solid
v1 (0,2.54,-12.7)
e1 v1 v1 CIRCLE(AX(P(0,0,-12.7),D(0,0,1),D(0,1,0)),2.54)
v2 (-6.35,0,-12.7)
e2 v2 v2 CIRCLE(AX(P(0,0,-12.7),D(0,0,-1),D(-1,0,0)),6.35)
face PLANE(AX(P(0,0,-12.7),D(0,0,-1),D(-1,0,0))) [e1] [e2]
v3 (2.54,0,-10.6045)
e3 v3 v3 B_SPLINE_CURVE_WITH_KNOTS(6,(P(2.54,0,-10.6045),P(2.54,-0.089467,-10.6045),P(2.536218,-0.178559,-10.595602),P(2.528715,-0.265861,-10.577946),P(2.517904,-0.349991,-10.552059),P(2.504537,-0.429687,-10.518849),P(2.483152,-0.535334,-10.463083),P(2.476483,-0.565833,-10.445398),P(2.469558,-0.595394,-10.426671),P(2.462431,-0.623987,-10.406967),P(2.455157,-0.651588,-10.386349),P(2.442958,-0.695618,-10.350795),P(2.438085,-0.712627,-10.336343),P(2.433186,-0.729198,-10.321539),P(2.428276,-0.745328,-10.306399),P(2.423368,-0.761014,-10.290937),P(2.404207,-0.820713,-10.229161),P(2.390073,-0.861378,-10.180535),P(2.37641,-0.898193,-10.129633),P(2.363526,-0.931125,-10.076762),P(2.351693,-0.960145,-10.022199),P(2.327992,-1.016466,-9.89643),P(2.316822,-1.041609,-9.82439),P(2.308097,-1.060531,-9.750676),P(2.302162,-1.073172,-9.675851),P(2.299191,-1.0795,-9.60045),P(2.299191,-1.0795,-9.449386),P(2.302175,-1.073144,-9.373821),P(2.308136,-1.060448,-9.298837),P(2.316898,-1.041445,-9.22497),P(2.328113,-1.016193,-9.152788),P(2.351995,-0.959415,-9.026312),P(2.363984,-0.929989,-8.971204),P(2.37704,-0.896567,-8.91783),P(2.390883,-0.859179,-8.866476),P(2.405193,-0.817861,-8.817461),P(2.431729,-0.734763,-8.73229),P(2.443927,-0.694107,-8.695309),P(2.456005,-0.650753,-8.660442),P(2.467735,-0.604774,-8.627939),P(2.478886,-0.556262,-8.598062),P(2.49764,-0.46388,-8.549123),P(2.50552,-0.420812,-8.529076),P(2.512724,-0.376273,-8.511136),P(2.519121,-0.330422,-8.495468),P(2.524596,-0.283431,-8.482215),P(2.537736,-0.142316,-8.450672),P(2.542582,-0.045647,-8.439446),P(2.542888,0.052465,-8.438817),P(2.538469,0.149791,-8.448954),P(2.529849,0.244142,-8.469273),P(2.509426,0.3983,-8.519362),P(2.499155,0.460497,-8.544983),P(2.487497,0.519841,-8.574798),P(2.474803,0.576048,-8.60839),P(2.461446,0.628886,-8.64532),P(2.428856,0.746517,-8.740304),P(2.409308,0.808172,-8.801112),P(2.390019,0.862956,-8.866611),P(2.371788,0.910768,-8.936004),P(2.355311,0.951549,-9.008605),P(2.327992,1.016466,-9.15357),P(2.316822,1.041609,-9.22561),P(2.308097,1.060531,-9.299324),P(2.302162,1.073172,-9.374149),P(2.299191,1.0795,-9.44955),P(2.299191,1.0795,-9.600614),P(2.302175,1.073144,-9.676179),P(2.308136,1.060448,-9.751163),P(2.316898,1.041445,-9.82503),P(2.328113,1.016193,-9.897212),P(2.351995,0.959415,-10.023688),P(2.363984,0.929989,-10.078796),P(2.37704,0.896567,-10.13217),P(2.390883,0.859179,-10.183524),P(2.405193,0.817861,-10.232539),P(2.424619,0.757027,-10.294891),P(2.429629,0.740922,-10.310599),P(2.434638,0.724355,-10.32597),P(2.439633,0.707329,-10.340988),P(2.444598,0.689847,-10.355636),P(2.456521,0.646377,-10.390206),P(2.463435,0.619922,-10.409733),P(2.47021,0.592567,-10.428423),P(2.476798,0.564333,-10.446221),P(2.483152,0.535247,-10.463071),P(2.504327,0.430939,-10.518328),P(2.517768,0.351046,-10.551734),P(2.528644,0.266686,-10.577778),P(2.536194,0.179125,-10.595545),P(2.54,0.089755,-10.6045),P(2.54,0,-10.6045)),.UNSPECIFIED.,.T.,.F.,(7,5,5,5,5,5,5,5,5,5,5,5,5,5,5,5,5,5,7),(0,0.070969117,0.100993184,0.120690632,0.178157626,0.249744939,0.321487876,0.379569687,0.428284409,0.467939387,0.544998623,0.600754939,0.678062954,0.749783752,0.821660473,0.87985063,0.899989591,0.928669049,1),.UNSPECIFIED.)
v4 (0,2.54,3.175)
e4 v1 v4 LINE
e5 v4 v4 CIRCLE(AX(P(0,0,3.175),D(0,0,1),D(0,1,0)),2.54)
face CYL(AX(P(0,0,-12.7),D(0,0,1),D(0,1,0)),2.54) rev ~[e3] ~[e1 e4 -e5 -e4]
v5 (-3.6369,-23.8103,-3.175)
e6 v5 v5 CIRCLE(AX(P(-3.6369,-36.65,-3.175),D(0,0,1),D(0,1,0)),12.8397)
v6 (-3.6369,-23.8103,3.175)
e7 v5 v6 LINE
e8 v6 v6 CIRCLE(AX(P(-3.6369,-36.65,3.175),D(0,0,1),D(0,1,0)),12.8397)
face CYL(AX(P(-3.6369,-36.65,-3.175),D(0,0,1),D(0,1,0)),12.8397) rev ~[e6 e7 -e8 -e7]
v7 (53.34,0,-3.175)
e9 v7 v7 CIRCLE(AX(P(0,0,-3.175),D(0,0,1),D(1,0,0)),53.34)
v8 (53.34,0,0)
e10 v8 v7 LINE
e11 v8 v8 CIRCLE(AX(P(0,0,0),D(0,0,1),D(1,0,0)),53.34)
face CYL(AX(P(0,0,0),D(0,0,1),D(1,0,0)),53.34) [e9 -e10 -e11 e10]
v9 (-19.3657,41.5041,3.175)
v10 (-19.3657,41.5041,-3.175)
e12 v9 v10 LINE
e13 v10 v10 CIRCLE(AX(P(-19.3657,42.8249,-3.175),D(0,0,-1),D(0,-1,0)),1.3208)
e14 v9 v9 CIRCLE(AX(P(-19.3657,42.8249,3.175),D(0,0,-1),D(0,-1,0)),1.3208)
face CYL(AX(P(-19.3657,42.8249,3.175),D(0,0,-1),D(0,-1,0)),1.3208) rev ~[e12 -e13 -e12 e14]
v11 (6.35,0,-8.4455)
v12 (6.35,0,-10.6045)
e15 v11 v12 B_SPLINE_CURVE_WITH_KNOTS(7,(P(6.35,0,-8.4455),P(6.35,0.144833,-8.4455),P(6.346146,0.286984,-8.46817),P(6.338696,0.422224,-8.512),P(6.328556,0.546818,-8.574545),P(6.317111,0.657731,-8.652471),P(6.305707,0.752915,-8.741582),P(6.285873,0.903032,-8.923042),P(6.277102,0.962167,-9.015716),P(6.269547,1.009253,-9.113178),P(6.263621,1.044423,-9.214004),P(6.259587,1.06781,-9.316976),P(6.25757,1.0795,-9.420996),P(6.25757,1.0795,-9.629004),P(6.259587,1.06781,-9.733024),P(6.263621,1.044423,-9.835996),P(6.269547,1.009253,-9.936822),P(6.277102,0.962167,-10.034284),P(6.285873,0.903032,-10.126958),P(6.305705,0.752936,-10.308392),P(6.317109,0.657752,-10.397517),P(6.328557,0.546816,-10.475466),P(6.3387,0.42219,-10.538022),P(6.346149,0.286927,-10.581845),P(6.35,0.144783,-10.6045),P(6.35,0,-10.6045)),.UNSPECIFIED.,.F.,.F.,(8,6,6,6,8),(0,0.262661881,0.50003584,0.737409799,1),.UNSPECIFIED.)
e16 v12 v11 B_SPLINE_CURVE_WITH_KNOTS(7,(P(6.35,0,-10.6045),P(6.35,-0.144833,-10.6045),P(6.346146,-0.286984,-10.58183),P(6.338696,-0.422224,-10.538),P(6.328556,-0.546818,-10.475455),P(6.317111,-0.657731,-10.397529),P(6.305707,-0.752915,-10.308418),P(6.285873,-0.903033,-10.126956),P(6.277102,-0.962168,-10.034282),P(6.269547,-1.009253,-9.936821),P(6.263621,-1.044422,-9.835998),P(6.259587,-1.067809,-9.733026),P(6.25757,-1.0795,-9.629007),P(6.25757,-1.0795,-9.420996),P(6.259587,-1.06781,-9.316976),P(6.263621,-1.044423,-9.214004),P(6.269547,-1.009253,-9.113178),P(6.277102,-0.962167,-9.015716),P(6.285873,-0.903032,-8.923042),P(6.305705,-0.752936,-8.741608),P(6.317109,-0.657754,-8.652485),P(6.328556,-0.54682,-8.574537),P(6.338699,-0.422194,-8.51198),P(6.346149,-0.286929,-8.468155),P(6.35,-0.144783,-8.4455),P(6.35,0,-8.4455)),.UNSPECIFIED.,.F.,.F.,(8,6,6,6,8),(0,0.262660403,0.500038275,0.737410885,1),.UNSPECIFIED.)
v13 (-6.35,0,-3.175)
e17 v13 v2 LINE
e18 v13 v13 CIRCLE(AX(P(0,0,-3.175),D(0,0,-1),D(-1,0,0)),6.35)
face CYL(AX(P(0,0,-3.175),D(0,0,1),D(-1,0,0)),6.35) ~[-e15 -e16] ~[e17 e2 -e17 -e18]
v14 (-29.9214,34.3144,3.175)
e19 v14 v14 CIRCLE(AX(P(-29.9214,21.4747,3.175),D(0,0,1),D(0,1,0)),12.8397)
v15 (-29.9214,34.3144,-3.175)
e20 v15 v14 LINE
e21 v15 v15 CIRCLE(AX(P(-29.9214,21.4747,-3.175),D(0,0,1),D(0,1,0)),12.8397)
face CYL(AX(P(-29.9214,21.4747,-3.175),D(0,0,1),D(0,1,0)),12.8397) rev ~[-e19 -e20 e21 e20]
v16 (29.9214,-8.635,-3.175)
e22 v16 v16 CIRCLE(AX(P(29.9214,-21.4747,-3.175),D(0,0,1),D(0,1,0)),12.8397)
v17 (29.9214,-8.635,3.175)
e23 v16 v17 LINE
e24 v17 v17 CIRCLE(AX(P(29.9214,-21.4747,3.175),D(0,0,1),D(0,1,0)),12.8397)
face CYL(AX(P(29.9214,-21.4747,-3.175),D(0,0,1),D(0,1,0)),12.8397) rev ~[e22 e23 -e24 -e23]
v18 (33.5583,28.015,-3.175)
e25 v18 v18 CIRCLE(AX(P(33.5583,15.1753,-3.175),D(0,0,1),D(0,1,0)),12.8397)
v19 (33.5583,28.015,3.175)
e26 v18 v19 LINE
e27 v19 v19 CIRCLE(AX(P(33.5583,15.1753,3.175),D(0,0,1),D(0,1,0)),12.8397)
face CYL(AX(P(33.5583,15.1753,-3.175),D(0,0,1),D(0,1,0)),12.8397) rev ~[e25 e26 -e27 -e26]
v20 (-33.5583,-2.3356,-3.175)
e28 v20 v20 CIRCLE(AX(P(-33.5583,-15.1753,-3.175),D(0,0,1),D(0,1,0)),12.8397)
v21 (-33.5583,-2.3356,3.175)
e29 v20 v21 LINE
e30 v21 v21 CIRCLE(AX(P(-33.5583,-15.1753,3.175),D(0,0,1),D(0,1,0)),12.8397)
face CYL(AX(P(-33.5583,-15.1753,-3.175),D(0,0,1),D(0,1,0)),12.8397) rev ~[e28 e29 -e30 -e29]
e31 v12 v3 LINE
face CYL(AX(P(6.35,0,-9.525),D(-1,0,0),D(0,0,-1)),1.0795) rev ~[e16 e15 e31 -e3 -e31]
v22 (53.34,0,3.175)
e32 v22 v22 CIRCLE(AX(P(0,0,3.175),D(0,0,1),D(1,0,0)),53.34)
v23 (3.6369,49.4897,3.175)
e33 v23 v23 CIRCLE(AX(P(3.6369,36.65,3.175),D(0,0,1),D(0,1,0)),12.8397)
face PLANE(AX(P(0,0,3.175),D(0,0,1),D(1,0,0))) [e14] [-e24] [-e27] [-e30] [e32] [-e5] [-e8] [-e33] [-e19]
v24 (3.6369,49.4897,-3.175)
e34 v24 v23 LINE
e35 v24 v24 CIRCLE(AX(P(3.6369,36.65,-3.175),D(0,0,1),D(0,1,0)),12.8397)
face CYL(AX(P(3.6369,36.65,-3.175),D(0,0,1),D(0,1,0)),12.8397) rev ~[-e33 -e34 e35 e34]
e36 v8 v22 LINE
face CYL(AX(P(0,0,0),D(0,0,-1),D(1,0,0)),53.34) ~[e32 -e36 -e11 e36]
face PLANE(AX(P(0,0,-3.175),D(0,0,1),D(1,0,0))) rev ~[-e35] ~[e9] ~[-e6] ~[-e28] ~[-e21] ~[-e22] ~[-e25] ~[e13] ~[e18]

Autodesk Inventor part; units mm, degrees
ref_plane "XZ Plane" through (0, 0, 0) normal (0, 1, 0) x (-1, 0, 0)
ref_plane "XY Plane" through (0, 0, 0) normal (0, 0, 1) x (1, 0, 0)
sketch "Sketch1" plane through (0, 0, 0) normal (0, 0, 1) x (1, 0, 0)
  circle A0 centre (0, 0) radius 53.34
  dimension "d0" = 106.68
extrude "Extrusion1" add sketch "Sketch1" along normal mid plane 6.35
sketch "Sketch2" plane through (0, 0, -3.175) normal (0, 0, -1) x (-1, 0, 0)
  point P0 (0, 0)
sketch "Sketch3" plane through (0, 0, -3.175) normal (0, 0, -1) x (-1, 0, 0)
  line L0 (29.9214, 21.4747) -> (33.5583, -15.1753)
  line L1 (33.5583, -15.1753) -> (3.6369, -36.65)
  line L2 (3.6369, -36.65) -> (-29.9214, -21.4747)
  line L3 (-29.9214, -21.4747) -> (-33.5583, 15.1753)
  line L4 (-33.5583, 15.1753) -> (-3.6369, 36.65)
  line L5 (-3.6369, 36.65) -> (29.9214, 21.4747)
  point P0 (0, 0)
  point P1 (0, 0)
  dimension "d3" = 36.83
hole "Hole1" at (33.5583, 15.1753, -3.175) at (3.6369, 36.65, -3.175) at (-29.9214, 21.4747, -3.175) at (-33.5583, -15.1753, -3.175) at (-3.6369, -36.65, -3.175) at (29.9214, -21.4747, -3.175) direction (0, 0, 1) diameter 25.6794 end through all
sketch "Sketch4" plane through (0, 0, -3.175) normal (0, 0, -1) x (-1, 0, 0)
  circle A0 centre (0, 0) radius 6.35
  dimension "d11" = 12.7
extrude "Extrusion2" add sketch "Sketch4" along normal blind 9.525
sketch "Sketch5" plane through (0, 0, -12.7) normal (0, 0, -1) x (-1, 0, 0)
  circle A0 centre (0, 0) radius 6.35 projected
hole "Hole2" at (0, 0, -12.7) direction (0, 0, 1) diameter 5.08 end through all
ref_plane "Work Plane1" through (6.35, 0, 0) normal (1, 0, 0) x (0, 1, 0)
sketch "Sketch6" plane through (6.35, 0, 0) normal (1, 0, 0) x (0, 1, 0)
  line L0 (-6.35, -12.7) -> (6.35, -12.7) projected
  point P0 (0, 0)
  point P1 (0, -9.525)
  dimension "d22" = 3.175
hole "Hole3" at (6.35, 0, -9.525) direction (-1, 0, 0) diameter 2.159 depth 6.35 tip angle 118
sketch "Sketch7" plane through (0, 0, 3.175) normal (0, 0, 1) x (1, 0, 0)
  circle A0 centre (0, 0) radius 2.54 projected
  line L0 (0, 0) -> (-21.9781, 48.6017)
  circle A1 centre (0, 0) radius 53.34 projected
  circle A2 centre (-29.9214, 21.4747) radius 12.8397 projected
  line L1 (-29.9214, 21.4747) -> (3.4827, 36.5803)
  line L2 (3.4827, 36.5803) -> (3.4827, 23.8112)
  circle A3 centre (3.6369, 36.65) radius 12.8397 projected
  line L3 (3.4827, 36.5803) -> (-8.5593, 40.6638)
  line L4 (-21.9781, 48.6017) -> (-19.3657, 42.8249)
  dimension "d30" = 12.7155
  dimension "d31" = 5.5753
hole "Hole4" at (-19.3657, 42.8249, 3.175) direction (0, 0, -1) diameter 2.6416 end through all thread size "6-32 UNC" class "2B" standard "ANSI Unified Screw Threads"
properties part number "threaded filter wheel"
